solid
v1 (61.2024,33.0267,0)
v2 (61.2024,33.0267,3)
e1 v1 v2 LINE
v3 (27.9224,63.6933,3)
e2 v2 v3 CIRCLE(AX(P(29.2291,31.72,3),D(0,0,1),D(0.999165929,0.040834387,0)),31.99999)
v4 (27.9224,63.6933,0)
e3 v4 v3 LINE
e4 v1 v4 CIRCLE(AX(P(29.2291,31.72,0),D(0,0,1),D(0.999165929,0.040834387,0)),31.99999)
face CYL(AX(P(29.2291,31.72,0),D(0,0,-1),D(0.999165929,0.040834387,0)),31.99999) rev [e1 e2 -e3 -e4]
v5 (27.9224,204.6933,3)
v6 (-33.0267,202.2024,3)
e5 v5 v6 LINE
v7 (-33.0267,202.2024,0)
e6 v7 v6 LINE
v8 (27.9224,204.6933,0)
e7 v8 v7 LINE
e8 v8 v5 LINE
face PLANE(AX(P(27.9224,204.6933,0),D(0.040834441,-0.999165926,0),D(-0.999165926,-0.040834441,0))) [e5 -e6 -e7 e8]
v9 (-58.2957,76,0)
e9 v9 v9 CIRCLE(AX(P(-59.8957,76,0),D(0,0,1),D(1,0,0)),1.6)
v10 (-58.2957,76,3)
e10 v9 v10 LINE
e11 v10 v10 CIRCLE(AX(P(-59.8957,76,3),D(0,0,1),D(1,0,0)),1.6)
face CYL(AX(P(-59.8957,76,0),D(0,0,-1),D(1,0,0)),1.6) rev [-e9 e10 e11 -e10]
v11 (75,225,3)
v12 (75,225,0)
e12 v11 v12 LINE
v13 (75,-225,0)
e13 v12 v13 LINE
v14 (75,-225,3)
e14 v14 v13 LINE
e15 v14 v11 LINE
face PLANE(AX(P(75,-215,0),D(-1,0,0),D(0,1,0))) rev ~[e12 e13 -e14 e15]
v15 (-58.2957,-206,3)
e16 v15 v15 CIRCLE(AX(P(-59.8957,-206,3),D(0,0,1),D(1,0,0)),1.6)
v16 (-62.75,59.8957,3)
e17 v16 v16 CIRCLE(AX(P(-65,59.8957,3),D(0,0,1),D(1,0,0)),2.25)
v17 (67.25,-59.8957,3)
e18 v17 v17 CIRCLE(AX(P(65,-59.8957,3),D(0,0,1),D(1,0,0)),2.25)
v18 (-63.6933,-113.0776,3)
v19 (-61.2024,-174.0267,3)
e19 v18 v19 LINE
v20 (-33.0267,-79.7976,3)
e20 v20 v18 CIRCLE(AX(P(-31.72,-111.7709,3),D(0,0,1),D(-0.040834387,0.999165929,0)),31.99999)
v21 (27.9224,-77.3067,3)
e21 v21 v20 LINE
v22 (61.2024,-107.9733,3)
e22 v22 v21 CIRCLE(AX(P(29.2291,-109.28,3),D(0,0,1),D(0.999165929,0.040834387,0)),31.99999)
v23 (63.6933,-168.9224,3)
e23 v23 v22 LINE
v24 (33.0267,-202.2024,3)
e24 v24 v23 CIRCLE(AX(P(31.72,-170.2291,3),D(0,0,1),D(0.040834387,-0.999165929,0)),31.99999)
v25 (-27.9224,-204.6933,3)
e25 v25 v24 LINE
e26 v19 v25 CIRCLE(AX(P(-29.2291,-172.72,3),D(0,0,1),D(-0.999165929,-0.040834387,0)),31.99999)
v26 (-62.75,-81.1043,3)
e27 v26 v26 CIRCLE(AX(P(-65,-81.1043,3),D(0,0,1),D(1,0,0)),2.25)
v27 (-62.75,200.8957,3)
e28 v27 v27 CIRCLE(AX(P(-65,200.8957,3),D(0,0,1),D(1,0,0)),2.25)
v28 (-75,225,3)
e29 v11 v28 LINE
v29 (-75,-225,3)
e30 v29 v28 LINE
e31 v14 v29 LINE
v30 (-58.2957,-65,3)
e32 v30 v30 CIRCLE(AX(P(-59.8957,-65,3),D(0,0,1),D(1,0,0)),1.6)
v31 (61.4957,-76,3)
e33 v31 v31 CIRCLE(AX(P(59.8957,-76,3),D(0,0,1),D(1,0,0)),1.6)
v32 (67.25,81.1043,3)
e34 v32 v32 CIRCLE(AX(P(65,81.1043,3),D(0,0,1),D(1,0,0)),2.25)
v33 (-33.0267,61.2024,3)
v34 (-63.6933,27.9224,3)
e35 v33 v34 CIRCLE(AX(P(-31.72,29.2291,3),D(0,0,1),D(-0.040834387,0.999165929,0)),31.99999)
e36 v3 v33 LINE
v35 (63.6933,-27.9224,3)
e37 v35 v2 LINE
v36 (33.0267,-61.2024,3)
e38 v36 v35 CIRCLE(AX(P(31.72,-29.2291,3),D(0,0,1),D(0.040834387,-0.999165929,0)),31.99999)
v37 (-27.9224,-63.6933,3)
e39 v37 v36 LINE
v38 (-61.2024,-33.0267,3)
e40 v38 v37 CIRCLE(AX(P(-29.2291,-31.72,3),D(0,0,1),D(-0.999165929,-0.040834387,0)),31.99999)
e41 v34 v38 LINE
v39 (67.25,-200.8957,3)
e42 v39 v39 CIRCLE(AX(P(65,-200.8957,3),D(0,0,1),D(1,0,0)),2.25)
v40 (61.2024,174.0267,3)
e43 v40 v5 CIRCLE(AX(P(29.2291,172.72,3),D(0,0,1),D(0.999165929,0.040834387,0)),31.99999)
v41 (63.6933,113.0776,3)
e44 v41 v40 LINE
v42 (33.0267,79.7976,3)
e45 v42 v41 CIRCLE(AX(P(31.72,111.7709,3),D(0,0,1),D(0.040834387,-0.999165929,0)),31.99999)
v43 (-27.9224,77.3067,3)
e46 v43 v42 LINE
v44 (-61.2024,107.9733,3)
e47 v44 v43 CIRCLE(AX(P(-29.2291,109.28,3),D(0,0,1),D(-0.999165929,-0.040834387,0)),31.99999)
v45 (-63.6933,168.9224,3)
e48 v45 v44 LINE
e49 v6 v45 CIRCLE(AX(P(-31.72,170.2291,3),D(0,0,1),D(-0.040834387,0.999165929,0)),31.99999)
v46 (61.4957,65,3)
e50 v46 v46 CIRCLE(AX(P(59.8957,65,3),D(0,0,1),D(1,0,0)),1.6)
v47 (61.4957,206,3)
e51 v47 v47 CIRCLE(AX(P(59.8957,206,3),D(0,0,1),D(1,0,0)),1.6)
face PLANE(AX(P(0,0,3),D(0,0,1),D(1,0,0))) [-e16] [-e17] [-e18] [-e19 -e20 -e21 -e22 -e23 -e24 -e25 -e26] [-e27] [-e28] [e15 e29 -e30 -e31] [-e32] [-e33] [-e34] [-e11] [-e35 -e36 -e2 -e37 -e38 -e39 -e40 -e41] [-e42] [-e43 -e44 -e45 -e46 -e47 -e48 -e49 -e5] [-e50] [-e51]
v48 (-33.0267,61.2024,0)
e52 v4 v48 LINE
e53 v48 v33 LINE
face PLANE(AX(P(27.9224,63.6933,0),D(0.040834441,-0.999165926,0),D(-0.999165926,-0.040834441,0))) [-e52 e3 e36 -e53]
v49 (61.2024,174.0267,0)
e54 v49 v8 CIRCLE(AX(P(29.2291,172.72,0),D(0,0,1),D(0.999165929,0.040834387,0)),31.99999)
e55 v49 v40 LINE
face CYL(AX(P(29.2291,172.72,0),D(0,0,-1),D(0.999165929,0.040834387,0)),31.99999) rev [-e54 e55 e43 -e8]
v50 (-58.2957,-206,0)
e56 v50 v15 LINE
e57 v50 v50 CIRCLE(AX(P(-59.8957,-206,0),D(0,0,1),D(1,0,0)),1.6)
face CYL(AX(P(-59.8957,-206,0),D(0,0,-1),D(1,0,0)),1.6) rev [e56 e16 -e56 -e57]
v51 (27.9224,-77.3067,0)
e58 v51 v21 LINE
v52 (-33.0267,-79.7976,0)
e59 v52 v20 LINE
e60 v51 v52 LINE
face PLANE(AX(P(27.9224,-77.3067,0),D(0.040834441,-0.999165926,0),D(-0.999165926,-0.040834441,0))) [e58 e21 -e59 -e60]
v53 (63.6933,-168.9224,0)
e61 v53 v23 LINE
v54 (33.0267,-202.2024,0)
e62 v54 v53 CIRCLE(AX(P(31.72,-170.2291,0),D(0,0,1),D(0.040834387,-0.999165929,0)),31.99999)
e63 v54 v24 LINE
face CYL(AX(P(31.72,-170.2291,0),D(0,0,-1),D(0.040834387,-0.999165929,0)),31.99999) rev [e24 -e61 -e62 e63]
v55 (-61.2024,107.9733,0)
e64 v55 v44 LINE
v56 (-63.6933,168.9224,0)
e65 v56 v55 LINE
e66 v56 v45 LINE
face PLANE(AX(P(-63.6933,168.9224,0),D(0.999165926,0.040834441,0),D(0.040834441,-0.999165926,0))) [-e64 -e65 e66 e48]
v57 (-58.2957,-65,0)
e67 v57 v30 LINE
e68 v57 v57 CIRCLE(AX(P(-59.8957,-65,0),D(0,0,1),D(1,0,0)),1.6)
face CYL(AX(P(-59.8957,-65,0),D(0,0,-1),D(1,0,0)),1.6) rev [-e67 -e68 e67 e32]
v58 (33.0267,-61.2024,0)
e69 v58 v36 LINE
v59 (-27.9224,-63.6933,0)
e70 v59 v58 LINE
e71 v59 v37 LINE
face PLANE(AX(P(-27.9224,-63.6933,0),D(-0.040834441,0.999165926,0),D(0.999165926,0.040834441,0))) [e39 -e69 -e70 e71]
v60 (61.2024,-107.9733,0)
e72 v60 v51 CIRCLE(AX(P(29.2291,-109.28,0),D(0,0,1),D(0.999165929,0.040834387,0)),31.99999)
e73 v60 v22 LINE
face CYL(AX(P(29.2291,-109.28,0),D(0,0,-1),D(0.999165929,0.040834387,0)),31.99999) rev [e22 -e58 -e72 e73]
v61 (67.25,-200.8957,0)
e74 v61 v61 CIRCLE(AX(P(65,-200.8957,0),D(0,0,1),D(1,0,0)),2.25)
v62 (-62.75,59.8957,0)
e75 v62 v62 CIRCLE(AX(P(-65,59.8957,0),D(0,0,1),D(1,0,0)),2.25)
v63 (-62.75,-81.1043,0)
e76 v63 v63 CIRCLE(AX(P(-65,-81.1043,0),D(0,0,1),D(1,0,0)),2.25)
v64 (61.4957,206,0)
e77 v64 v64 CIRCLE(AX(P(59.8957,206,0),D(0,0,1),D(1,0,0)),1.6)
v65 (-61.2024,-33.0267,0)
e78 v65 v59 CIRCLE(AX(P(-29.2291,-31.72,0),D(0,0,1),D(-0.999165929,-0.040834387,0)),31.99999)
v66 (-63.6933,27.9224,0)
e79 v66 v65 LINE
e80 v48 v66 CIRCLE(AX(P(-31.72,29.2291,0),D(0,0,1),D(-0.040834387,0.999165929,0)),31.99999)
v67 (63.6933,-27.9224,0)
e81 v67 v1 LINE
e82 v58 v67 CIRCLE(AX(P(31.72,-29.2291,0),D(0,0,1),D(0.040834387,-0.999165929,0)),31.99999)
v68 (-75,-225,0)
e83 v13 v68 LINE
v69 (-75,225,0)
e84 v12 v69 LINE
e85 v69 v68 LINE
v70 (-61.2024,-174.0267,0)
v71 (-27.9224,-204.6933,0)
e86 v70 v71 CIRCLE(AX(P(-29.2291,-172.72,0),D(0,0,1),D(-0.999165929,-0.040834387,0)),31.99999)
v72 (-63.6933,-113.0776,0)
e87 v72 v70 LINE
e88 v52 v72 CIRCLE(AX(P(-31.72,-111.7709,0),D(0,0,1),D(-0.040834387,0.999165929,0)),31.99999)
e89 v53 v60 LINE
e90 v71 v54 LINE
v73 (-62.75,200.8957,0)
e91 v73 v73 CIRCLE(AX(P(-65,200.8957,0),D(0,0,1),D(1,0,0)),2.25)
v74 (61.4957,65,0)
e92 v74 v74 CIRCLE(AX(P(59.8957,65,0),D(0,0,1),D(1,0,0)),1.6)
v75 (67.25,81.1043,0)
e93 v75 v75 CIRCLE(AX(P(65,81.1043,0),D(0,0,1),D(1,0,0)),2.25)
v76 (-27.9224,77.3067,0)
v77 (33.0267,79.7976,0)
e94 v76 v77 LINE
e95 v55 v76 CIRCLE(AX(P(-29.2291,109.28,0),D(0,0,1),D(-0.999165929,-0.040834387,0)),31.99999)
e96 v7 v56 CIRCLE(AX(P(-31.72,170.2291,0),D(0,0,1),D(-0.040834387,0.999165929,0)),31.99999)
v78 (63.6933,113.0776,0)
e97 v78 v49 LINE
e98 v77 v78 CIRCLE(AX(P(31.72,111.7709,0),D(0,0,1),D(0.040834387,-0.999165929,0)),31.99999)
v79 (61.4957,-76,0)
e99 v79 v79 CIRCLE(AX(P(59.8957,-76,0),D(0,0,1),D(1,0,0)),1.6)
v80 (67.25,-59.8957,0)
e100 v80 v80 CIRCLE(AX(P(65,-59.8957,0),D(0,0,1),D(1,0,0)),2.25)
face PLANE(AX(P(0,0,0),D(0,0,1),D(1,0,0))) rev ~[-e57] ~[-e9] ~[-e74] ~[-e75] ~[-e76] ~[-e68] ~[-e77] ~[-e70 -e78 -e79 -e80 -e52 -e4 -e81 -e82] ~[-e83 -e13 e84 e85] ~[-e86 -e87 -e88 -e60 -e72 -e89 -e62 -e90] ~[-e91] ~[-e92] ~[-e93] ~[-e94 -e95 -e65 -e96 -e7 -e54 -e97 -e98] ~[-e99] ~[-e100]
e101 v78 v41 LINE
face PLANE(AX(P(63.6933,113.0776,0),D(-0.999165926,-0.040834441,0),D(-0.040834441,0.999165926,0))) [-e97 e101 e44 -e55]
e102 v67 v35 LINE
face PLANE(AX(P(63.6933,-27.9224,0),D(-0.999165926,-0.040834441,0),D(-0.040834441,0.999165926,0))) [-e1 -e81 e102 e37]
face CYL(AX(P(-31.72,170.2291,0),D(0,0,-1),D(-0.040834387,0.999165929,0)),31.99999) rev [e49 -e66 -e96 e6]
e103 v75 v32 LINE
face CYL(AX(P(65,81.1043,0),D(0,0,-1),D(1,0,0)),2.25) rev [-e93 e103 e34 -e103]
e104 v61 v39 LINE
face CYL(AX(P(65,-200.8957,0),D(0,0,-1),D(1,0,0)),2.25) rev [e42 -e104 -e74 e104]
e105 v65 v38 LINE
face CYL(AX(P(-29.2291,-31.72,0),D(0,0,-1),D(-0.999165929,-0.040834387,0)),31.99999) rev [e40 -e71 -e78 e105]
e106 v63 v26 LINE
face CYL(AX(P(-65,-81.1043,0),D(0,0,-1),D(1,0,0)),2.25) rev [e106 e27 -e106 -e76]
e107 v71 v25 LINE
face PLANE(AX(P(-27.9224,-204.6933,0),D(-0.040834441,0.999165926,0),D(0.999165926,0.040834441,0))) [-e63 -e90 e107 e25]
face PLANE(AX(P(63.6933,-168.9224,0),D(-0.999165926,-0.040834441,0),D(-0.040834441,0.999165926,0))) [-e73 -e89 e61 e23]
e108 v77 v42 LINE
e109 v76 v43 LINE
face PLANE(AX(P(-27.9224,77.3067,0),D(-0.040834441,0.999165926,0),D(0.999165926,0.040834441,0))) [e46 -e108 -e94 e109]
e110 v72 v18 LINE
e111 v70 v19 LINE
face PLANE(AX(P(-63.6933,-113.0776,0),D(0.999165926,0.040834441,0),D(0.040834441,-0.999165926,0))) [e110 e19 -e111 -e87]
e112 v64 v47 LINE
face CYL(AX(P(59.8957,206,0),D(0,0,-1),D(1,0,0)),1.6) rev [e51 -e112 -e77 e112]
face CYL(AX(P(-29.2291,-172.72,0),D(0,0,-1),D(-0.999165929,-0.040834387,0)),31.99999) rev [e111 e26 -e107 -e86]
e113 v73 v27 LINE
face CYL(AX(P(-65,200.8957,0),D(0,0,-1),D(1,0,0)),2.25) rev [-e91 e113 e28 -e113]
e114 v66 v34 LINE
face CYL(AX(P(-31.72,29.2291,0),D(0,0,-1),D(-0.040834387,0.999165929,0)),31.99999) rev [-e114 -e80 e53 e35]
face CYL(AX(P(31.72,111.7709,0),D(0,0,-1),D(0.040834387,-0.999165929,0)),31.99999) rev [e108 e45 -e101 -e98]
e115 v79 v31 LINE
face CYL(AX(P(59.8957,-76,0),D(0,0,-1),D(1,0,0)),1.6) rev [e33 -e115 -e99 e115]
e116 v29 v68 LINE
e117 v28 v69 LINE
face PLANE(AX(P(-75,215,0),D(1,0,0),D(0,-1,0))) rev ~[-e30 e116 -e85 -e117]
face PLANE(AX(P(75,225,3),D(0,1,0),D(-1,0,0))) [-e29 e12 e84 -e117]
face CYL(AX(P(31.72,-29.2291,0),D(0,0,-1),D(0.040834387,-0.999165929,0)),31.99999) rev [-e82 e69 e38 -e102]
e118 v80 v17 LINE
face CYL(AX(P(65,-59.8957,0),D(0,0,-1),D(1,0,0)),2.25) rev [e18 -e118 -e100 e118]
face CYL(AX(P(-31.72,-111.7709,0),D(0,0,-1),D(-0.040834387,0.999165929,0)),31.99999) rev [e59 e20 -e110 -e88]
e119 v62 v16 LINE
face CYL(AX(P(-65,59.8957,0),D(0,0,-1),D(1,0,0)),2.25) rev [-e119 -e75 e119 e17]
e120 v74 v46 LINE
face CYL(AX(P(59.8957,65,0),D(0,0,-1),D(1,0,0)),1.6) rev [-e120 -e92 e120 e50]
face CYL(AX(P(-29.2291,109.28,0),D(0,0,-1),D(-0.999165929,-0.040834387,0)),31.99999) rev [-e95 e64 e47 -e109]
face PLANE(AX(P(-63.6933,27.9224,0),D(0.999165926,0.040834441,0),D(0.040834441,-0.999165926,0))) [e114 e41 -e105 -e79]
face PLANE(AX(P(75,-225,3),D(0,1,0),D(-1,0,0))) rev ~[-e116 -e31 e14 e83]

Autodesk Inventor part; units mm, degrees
ref_plane "YZ Plane" through (0, 0, 0) normal (1, 0, 0) x (0, 1, 0)
ref_plane "XZ Plane" through (0, 0, 0) normal (0, 1, 0) x (-1, 0, 0)
ref_plane "XY Plane" through (0, 0, 0) normal (0, 0, 1) x (1, 0, 0)
sketch "スケッチ1" plane through (0, 0, 0) normal (0, 0, 1) x (1, 0, 0)
  line L0 (-75, -215) -> (75, -215)
  line L1 (75, -215) -> (75, 215)
  line L2 (75, 215) -> (-75, 215)
  line L3 (-75, 215) -> (-75, -215)
  line L4 (-75, -215) -> (75, 215) construction
  line L5 (75, -215) -> (-75, 215) construction
  line L6 (-65, -215) -> (-65, 215) construction
  line L7 (-65, 59.8957) -> (59.8957, 65) construction
  line L8 (59.8957, 65) -> (65, -59.8957) construction
  line L9 (65, -59.8957) -> (-59.8957, -65) construction
  line L10 (-59.8957, -65) -> (-65, 59.8957) construction
  line L11 (-65, 59.8957) -> (65, -59.8957) construction
  line L12 (59.8957, 65) -> (-59.8957, -65) construction
  circle A0 centre (-65, 59.8957) radius 2.25
  line L13 (-67.0832, -72.8) -> (72.8, -67.0832) construction
  line L14 (72.8, -67.0832) -> (67.0832, 72.8) construction
  line L15 (67.0832, 72.8) -> (-72.8, 67.0832) construction
  line L16 (-72.8, 67.0832) -> (-67.0832, -72.8) construction
  line L17 (-67.0832, -72.8) -> (67.0832, 72.8) construction
  line L18 (72.8, -67.0832) -> (-72.8, 67.0832) construction
  line L19 (0, 0) -> (0, 70.0584) construction
  circle A1 centre (65, -59.8957) radius 2.25
  circle A2 centre (59.8957, 65) radius 1.6
  circle A3 centre (-59.8957, -65) radius 1.6
  line L20 (-63.6933, 27.9224) -> (-61.2024, -33.0267)
  line L21 (-27.9224, -63.6933) -> (33.0267, -61.2024)
  line L22 (63.6933, -27.9224) -> (61.2024, 33.0267)
  line L23 (27.9224, 63.6933) -> (-33.0267, 61.2024)
  line L24 (-62.4479, -2.5521) -> (62.4479, 2.5521) construction
  arc A4 (-33.0267, 61.2024) -> (-63.6933, 27.9224) centre (-31.72, 29.2291) ccw
  arc A5 (61.2024, 33.0267) -> (27.9224, 63.6933) centre (29.2291, 31.72) ccw
  arc A6 (33.0267, -61.2024) -> (63.6933, -27.9224) centre (31.72, -29.2291) ccw
  arc A7 (-61.2024, -33.0267) -> (-27.9224, -63.6933) centre (-29.2291, -31.72) ccw
  circle A8 centre (-65, -81.1043) radius 2.25
  circle A9 centre (-59.8957, -206) radius 1.6
  circle A10 centre (65, -200.8957) radius 2.25
  circle A11 centre (59.8957, -76) radius 1.6
  arc A12 (61.2024, -107.9733) -> (27.9224, -77.3067) centre (29.2291, -109.28) ccw
  line L25 (27.9224, -77.3067) -> (-33.0267, -79.7976)
  arc A13 (-33.0267, -79.7976) -> (-63.6933, -113.0776) centre (-31.72, -111.7709) ccw
  line L26 (-63.6933, -113.0776) -> (-61.2024, -174.0267)
  arc A14 (-61.2024, -174.0267) -> (-27.9224, -204.6933) centre (-29.2291, -172.72) ccw
  line L27 (-27.9224, -204.6933) -> (33.0267, -202.2024)
  arc A15 (33.0267, -202.2024) -> (63.6933, -168.9224) centre (31.72, -170.2291) ccw
  line L28 (63.6933, -168.9224) -> (61.2024, -107.9733)
  circle A16 centre (-65, 200.8957) radius 2.25
  circle A17 centre (-59.8957, 76) radius 1.6
  circle A18 centre (65, 81.1043) radius 2.25
  circle A19 centre (59.8957, 206) radius 1.6
  arc A20 (61.2024, 174.0267) -> (27.9224, 204.6933) centre (29.2291, 172.72) ccw
  line L29 (27.9224, 204.6933) -> (-33.0267, 202.2024)
  arc A21 (-33.0267, 202.2024) -> (-63.6933, 168.9224) centre (-31.72, 170.2291) ccw
  line L30 (-63.6933, 168.9224) -> (-61.2024, 107.9733)
  arc A22 (-61.2024, 107.9733) -> (-27.9224, 77.3067) centre (-29.2291, 109.28) ccw
  line L31 (-27.9224, 77.3067) -> (33.0267, 79.7976)
  arc A23 (33.0267, 79.7976) -> (63.6933, 113.0776) centre (31.72, 111.7709) ccw
  line L32 (63.6933, 113.0776) -> (61.2024, 174.0267)
  circle A24 centre (-65, 59.8957) radius 2.25
  circle A25 centre (-59.8957, -65) radius 1.6
  circle A26 centre (65, -59.8957) radius 2.25
  circle A27 centre (59.8957, 65) radius 1.6
  arc A28 (61.2024, 33.0267) -> (27.9224, 63.6933) centre (29.2291, 31.72) ccw
  line L33 (27.9224, 63.6933) -> (-33.0267, 61.2024)
  arc A29 (-33.0267, 61.2024) -> (-63.6933, 27.9224) centre (-31.72, 29.2291) ccw
  line L34 (-63.6933, 27.9224) -> (-61.2024, -33.0267)
  arc A30 (-61.2024, -33.0267) -> (-27.9224, -63.6933) centre (-29.2291, -31.72) ccw
  line L35 (-27.9224, -63.6933) -> (33.0267, -61.2024)
  arc A31 (33.0267, -61.2024) -> (63.6933, -27.9224) centre (31.72, -29.2291) ccw
  line L36 (63.6933, -27.9224) -> (61.2024, 33.0267)
  point P0 (-65, 59.8957)
  point P1 (59.8957, 65)
  point P2 (-65, -81.1043)
  point P3 (59.8957, -76)
  point P4 (-62.4479, -143.5521)
  point P5 (62.4479, -138.4479)
  point P6 (-65, 200.8957)
  point P7 (59.8957, 206)
  point P8 (-62.4479, 138.4479)
  point P9 (62.4479, 143.5521)
  point P10 (-65, 59.8957)
  point P11 (59.8957, 65)
  dimension "d0" = 150
  dimension "d1" = 430
  dimension "d3" = 65
  dimension "d4" = 125
  dimension "d7" = 4.5
  dimension "d8" = 140
  dimension "d9" = 70.0584
  dimension "d10" = 3.2
  dimension "d24" = 125
  dimension "d25" = 32
  dimension "d28" = 141
  dimension "d31" = 141
extrude "押し出し1" add sketch "スケッチ1" along normal blind 3
fillet "フィレット1" [suppressed]
sketch "スケッチ3" plane through (0, 0, 3) normal (0, 0, 1) x (1, 0, 0)
  line L0 (-75, -215) -> (75, -215) construction
  line L1 (75, 215) -> (-75, 215) construction
  line L2 (-75, 215) -> (75, 215)
  line L3 (75, 215) -> (75, 225)
  line L4 (75, 225) -> (-75, 225)
  line L5 (-75, 225) -> (-75, 215)
  line L6 (-75, -215) -> (75, -215)
  line L7 (75, -215) -> (75, -225)
  line L8 (75, -225) -> (-75, -225)
  line L9 (-75, -225) -> (-75, -215)
  circle A0 centre (-65, 220) radius 2.15
  circle A1 centre (65, 220) radius 2.15
  circle A2 centre (-65, -220) radius 2.15
  circle A3 centre (65, -220) radius 2.15
  point P0 (0, 0)
  dimension "d34" = 10
  dimension "d35" = 10
  dimension "d36" = 4.3
  dimension "d37" = 10
  dimension "d38" = 10
  dimension "d39" = 5
  dimension "d40" = 5
extrude "押し出し2" add sketch "スケッチ3" against normal blind 3 contours L5 L4 L3 L2 | L6 L7 L8 L9 | A0 | A1 | A2 | A3
equation "\"d38\" = d37"
equation "\"d40\" = d39"
properties part number "front_140mm_2" material "アルミニウム 6061"
